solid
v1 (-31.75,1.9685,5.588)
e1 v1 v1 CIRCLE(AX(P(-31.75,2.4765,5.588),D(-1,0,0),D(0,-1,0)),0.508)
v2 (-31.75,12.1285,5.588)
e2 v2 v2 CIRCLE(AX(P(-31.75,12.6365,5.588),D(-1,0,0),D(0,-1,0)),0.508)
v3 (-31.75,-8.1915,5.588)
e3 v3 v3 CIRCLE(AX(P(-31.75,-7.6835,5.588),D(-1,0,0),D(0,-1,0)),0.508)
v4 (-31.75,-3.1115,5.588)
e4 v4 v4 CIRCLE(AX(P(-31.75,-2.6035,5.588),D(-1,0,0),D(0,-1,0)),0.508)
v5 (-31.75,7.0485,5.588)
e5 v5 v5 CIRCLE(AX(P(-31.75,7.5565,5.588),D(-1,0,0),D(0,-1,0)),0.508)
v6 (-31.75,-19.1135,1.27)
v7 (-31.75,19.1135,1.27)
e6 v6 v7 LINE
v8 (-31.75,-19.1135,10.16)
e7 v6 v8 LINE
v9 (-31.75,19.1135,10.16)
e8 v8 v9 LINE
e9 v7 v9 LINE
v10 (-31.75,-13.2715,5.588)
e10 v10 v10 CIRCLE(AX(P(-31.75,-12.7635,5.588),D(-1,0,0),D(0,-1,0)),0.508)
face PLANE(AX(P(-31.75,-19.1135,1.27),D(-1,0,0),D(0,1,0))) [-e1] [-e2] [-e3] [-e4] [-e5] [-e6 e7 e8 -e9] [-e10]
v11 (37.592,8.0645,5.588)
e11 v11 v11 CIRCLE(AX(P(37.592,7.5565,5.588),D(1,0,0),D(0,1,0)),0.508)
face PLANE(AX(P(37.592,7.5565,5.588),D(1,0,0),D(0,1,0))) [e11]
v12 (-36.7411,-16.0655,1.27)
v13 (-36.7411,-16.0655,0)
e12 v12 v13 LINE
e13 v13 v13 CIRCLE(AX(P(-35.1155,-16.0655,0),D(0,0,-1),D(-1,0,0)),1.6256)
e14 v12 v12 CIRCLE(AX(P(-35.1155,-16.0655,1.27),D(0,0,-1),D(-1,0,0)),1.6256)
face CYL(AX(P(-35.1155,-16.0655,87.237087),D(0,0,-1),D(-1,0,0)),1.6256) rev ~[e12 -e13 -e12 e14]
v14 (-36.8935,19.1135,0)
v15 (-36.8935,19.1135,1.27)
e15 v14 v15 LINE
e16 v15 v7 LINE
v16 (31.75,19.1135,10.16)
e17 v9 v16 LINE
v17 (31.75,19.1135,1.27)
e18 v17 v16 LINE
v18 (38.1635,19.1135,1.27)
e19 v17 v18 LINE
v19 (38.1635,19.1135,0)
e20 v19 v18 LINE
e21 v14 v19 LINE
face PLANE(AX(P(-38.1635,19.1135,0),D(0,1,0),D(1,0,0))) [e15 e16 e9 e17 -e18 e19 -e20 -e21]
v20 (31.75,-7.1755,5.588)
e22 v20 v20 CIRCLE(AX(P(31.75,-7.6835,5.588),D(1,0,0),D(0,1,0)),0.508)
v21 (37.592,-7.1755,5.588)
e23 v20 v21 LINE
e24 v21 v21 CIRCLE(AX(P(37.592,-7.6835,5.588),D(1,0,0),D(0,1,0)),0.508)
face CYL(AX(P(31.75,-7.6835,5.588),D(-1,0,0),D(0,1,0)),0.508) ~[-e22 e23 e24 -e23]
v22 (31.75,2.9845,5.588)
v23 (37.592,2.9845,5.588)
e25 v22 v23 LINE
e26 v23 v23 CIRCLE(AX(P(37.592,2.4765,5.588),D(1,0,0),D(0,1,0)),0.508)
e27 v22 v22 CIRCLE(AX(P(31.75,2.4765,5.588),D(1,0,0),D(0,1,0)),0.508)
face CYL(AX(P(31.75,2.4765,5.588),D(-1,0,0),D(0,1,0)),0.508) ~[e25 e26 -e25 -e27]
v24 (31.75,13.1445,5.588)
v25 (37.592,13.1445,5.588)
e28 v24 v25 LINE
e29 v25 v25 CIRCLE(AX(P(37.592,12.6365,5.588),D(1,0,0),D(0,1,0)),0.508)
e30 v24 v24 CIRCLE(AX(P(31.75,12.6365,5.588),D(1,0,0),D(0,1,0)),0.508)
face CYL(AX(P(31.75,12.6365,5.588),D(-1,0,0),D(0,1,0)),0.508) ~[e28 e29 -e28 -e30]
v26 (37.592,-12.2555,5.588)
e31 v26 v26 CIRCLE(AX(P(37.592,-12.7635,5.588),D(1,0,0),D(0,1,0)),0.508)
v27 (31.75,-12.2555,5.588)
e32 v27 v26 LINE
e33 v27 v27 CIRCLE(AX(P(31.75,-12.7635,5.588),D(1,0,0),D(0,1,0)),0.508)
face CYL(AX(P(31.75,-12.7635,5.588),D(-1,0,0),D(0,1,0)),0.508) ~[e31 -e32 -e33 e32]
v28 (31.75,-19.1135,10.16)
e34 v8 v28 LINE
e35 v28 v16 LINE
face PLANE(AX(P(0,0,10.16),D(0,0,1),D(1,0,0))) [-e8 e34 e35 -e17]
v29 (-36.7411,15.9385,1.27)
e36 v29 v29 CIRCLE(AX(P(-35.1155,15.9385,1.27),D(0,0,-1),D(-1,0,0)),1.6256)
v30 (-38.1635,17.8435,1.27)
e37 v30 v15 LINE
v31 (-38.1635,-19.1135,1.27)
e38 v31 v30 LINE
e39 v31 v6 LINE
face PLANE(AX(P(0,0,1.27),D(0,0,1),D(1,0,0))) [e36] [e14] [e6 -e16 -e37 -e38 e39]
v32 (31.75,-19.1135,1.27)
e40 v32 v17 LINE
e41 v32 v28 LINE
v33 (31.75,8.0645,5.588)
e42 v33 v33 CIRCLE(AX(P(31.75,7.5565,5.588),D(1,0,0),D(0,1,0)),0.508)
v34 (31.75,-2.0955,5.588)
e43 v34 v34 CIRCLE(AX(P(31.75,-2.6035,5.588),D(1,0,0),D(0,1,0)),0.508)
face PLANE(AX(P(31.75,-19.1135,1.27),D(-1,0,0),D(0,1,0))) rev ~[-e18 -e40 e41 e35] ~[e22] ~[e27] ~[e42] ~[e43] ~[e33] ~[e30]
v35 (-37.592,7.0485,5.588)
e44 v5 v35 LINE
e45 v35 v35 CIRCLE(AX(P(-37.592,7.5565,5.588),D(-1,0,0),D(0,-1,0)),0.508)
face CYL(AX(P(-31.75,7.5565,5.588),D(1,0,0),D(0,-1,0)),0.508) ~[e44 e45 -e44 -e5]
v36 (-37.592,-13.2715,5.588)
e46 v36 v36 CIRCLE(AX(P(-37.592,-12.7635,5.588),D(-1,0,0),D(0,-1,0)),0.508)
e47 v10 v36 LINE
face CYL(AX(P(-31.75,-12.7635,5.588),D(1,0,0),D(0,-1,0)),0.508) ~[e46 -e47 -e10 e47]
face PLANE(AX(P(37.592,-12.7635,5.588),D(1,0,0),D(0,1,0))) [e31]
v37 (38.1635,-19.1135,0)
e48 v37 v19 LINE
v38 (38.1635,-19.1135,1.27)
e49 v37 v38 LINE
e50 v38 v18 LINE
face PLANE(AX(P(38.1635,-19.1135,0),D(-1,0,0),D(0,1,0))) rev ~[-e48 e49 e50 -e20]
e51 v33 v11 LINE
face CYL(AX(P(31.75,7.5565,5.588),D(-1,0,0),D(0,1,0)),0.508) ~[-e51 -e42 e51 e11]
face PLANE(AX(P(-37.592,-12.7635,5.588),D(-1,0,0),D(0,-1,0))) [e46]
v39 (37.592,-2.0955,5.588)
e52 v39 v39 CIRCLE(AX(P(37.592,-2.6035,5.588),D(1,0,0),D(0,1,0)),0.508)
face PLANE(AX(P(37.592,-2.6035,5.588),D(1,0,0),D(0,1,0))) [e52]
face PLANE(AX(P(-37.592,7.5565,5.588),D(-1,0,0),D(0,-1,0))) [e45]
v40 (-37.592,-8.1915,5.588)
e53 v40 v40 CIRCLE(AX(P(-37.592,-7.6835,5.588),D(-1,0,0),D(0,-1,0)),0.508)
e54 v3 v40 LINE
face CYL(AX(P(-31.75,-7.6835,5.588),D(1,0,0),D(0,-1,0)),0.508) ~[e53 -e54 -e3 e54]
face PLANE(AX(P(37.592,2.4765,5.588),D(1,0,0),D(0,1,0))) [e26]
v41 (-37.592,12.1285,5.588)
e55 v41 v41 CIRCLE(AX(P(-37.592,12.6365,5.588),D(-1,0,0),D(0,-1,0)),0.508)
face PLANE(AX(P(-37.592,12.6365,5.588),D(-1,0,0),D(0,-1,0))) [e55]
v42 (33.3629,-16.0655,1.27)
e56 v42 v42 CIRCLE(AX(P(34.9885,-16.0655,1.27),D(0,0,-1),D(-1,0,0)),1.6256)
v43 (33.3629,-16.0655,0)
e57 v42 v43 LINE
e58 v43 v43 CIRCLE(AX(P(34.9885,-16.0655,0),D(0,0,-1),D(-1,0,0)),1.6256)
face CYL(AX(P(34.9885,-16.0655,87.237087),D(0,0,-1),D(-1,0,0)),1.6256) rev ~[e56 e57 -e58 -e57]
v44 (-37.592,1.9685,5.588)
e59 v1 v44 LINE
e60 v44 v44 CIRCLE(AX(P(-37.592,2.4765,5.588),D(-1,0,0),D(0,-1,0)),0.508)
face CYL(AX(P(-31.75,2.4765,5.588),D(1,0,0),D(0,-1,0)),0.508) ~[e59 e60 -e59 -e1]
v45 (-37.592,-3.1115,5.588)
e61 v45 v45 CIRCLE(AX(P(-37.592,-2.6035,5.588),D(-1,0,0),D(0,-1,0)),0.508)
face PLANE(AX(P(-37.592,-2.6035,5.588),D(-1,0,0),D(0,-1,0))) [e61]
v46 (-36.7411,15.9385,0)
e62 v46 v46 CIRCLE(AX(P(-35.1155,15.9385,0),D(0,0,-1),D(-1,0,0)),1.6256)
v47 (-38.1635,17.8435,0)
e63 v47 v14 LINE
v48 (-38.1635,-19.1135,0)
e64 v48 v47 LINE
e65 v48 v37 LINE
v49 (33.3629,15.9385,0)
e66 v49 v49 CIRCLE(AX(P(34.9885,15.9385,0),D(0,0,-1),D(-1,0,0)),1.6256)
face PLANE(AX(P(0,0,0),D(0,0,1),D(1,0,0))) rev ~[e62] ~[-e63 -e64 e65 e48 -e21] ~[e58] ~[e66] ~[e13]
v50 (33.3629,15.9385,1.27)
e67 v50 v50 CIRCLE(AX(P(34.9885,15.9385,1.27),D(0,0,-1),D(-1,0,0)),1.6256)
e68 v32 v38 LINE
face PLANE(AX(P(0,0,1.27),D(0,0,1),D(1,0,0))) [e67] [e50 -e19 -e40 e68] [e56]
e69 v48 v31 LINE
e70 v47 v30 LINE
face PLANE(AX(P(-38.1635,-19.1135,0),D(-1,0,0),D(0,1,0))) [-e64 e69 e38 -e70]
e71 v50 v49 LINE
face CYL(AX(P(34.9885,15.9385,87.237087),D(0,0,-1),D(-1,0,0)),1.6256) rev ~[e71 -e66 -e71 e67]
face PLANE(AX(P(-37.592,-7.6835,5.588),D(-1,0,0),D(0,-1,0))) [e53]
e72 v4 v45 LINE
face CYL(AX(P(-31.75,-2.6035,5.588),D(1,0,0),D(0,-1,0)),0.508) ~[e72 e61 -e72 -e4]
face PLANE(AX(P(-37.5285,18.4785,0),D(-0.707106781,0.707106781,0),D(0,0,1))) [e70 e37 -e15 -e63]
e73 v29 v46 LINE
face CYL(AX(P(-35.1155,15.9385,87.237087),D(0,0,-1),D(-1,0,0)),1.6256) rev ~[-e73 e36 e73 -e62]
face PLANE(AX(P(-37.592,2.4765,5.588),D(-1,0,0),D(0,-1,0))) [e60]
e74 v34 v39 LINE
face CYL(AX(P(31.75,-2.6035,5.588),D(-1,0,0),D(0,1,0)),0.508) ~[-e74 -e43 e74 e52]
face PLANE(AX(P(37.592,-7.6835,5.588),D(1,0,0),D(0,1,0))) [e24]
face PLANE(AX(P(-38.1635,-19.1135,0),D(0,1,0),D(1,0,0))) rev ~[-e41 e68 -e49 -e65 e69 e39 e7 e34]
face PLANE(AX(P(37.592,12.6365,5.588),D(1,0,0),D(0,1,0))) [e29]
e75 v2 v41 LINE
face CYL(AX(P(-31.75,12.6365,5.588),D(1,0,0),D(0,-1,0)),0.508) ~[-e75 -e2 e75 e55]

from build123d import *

# Parameters (mm, degrees)
F0_W      = 76.327
F0_H      = 38.227
F1_DEPTH  = 1.27
F2_W      = 63.5
F2_H      = 38.227
F3_DEPTH  = 8.89
F5_D      = 3.2512
F6_D      = 3.2512
F8_D      = 3.2512
F9_D      = 3.2512
F10_R     = 0.508
F12_DEPTH = 5.842
F11_R     = 0.508
F13_DEPTH = 5.842
F14_SIZE  = 1.27


with BuildPart() as f1:
    # F0 (on Top) → F1 (new body)
    with BuildSketch(Plane.XY):
        Rectangle(F0_W, F0_H)
    extrude(amount=F1_DEPTH)

    # F2 (on face) → F3 (join)
    with BuildSketch(Plane.XY.offset(1.27)):
        Rectangle(F2_W, F2_H)
    extrude(amount=F3_DEPTH)

    # F5 (through all)
    with Locations(Plane.XY.offset(1.27)):
        with Locations((34.9885, -16.0655)):
            Hole(F5_D / 2)

    # F6 (through all)
    with Locations(Plane.XY.offset(1.27)):
        with Locations((34.9885, 15.9385)):
            Hole(F6_D / 2)

    # F8 (through all)
    with Locations(Plane.XY.offset(1.27)):
        with Locations((-35.1155, -16.0655)):
            Hole(F8_D / 2)

    # F9 (through all)
    with Locations(Plane.XY.offset(1.27)):
        with Locations((-35.1155, 15.9385)):
            Hole(F9_D / 2)

    # F10 (on face) → F12 (join)
    with BuildSketch(Plane.YZ.offset(31.75)):
        with Locations((-12.7635, 5.588)):
            Circle(F10_R)
        with Locations((-7.6835, 5.588)):
            Circle(F10_R)
        with Locations((-2.6035, 5.588)):
            Circle(F10_R)
        with Locations((2.4765, 5.588)):
            Circle(F10_R)
        with Locations((7.5565, 5.588)):
            Circle(F10_R)
        with Locations((12.6365, 5.588)):
            Circle(F10_R)
    extrude(amount=F12_DEPTH)

    # F11 (on face) → F13 (join)
    with BuildSketch(Plane(origin=(-31.75, 0, 0), x_dir=(0, -1, 0), z_dir=(-1, 0, 0))):
        with Locations((-12.6365, 5.588)):
            Circle(F11_R)
        with Locations((-7.5565, 5.588)):
            Circle(F11_R)
        with Locations((-2.4765, 5.588)):
            Circle(F11_R)
        with Locations((2.6035, 5.588)):
            Circle(F11_R)
        with Locations((7.6835, 5.588)):
            Circle(F11_R)
        with Locations((12.7635, 5.588)):
            Circle(F11_R)
    extrude(amount=F13_DEPTH)

    # F14
    f14_edges = [f1.edges().sort_by_distance(p)[0] for p in [
        (-38.1635, 19.1135, 0.635),
    ]]
    chamfer(f14_edges, length=F14_SIZE)


solid = f1.part
